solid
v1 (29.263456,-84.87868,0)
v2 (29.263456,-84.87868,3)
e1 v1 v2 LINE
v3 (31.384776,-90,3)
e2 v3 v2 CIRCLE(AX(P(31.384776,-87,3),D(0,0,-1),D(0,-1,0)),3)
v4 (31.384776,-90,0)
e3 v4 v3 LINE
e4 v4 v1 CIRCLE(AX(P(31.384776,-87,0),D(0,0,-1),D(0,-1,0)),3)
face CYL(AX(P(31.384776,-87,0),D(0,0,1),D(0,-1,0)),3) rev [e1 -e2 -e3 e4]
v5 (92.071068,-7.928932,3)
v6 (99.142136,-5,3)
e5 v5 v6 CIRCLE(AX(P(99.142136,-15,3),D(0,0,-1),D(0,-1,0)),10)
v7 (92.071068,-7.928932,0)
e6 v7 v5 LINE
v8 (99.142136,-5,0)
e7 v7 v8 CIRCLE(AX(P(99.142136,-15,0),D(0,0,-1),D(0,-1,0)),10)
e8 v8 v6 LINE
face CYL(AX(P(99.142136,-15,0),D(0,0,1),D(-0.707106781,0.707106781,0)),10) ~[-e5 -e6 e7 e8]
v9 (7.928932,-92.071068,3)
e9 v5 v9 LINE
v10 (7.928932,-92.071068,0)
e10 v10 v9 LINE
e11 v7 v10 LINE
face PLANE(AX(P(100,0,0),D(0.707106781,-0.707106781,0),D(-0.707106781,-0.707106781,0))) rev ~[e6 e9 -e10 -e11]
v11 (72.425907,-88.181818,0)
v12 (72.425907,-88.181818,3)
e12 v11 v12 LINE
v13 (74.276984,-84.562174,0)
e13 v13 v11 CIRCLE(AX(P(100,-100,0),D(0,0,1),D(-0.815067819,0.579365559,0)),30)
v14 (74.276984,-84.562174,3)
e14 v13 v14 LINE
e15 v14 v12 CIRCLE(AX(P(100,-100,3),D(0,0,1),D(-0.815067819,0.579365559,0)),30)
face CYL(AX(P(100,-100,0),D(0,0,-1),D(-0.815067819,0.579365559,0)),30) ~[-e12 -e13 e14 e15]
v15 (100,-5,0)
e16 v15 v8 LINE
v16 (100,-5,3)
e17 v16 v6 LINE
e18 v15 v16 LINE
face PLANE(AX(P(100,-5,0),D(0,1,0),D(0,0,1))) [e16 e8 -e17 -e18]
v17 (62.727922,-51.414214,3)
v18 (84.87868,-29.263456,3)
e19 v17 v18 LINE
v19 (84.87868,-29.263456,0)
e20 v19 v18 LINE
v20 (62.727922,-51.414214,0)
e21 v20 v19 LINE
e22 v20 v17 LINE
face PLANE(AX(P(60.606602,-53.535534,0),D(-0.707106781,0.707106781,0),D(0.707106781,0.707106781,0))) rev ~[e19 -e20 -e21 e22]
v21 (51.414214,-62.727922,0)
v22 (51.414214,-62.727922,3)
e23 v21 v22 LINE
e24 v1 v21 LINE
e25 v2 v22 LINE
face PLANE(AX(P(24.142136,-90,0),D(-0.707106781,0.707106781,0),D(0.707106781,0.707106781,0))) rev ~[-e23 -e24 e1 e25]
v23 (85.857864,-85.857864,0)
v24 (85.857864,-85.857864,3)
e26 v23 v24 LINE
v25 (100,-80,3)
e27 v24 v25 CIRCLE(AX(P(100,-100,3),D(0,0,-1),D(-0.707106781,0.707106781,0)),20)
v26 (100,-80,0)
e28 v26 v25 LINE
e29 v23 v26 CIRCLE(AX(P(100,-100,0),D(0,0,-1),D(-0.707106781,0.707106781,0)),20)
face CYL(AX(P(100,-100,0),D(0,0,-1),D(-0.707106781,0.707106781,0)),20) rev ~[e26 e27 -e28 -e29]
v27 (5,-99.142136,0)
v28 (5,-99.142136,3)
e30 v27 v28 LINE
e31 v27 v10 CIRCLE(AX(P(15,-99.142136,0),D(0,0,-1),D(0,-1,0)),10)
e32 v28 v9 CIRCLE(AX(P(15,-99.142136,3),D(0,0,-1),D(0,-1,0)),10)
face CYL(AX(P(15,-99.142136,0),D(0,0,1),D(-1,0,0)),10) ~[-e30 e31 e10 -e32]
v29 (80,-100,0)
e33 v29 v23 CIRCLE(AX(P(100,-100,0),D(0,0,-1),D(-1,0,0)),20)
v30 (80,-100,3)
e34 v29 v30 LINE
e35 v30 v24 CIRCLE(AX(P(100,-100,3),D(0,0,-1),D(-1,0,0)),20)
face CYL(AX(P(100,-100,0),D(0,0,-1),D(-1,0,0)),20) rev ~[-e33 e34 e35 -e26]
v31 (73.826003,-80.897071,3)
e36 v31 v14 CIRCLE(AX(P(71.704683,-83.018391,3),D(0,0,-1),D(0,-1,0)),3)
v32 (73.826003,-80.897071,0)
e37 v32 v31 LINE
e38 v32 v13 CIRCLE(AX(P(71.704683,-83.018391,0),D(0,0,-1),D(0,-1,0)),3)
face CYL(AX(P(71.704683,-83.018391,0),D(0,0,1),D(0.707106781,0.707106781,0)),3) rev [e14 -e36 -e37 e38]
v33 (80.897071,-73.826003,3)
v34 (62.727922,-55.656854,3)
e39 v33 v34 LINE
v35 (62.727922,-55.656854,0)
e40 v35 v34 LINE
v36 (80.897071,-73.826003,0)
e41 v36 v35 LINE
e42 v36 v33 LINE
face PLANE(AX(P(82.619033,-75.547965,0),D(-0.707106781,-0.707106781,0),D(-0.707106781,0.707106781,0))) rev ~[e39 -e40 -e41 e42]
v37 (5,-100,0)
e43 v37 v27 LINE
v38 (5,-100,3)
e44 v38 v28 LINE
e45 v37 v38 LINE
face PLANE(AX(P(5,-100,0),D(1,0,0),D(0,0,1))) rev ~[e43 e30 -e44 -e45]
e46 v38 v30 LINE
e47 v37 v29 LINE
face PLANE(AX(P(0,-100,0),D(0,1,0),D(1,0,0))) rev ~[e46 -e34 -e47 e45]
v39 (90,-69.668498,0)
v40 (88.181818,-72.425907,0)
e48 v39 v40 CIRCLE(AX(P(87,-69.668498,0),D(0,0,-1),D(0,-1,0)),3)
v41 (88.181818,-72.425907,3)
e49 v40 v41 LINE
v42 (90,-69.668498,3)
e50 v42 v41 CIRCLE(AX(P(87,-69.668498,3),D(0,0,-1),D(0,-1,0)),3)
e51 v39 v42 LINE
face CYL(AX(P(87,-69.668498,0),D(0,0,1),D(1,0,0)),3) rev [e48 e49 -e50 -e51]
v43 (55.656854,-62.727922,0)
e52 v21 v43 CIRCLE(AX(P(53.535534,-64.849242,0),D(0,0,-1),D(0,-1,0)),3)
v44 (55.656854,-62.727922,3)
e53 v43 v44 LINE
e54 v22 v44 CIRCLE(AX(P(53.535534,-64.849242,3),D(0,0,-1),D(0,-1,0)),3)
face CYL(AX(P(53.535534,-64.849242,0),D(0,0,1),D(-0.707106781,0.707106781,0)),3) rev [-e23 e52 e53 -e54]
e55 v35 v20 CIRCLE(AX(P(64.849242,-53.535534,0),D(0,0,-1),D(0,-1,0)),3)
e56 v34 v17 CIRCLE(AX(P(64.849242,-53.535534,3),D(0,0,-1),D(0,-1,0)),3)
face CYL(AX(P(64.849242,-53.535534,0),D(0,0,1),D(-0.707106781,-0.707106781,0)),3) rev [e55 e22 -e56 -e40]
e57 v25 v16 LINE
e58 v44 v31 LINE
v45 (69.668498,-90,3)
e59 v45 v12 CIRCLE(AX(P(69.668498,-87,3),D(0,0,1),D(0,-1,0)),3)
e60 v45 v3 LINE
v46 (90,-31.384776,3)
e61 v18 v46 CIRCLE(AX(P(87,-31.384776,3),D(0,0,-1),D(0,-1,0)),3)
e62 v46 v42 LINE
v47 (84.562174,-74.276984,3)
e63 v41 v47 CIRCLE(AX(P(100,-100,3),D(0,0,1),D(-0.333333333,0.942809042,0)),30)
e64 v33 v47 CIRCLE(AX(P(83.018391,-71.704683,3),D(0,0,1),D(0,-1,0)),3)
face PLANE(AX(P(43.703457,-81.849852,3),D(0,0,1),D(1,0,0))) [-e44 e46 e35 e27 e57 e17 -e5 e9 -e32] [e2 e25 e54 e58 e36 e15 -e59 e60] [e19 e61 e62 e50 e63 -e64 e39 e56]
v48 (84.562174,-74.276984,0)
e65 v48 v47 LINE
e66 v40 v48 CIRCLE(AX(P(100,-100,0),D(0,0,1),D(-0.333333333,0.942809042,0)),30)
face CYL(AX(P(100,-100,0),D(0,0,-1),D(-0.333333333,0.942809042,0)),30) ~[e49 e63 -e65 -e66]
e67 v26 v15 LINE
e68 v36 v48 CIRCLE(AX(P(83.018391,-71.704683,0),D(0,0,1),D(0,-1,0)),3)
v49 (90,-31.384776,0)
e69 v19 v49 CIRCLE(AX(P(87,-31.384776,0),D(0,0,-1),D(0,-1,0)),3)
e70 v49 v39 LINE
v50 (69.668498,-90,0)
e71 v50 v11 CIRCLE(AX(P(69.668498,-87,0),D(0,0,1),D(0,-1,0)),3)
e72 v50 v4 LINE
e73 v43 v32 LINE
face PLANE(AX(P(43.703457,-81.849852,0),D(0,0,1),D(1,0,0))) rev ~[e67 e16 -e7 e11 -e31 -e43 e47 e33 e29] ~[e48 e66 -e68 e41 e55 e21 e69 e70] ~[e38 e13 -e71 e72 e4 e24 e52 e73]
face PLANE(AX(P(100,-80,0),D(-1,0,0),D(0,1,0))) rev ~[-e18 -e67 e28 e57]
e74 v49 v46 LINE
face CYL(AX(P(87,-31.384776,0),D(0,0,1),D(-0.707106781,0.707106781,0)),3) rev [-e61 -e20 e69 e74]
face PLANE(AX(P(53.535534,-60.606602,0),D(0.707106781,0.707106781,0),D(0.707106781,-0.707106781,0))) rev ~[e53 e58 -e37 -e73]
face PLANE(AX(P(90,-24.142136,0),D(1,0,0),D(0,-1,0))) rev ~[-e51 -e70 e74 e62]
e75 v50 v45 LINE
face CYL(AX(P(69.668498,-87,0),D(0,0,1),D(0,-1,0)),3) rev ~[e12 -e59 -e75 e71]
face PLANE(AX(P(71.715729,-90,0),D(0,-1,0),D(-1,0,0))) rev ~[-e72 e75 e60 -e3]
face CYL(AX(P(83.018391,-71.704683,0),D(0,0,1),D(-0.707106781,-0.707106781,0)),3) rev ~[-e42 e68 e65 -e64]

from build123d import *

# Parameters (mm, degrees)
F1_DEPTH = 3
F2_R     = 3
F3_W     = 5
F3_H     = 3
F4_DEPTH = 25
F5_W     = 5
F5_H     = 3
F6_DEPTH = 25
F7_R     = 10


with BuildPart() as f1:
    # F0 (on Top) → F1 (new body)
    with BuildSketch(Plane.XY):
        with BuildLine():
            Line((50, -50), (0, -100))
            Line((0, -100), (70, -100))
            ThreePointArc((70, -100), (70.4320432104, -94.9269406382), (71.7157287525, -90))
            Line((71.7157287525, -90), (24.1421356237, -90))
            Line((24.1421356237, -90), (53.5355339059, -60.6066017178))
            Line((53.5355339059, -60.6066017178), (75.5479654307, -82.6190332426))
            ThreePointArc((75.5479654307, -82.6190332426), (77.0871215252, -80.635083269), (78.7867965644, -78.7867965644))
            Line((78.7867965644, -78.7867965644), (50, -50))
        make_face()
        with BuildLine():
            ThreePointArc((71.7157287525, -90), (70.4320432104, -94.9269406382), (70, -100))
            Line((70, -100), (80, -100))
            ThreePointArc((80, -100), (81.5224093498, -92.3463313527), (85.8578643763, -85.8578643763))
            Line((85.8578643763, -85.8578643763), (78.7867965644, -78.7867965644))
            ThreePointArc((78.7867965644, -78.7867965644), (77.0871215252, -80.635083269), (75.5479654307, -82.6190332426))
            ThreePointArc((75.5479654307, -82.6190332426), (73.3748398058, -86.1760770896), (71.7157287525, -90))
        make_face()
        with BuildLine():
            Line((100, -70), (100, 0))
            Line((100, 0), (50, -50))
            Line((50, -50), (78.7867965644, -78.7867965644))
            ThreePointArc((78.7867965644, -78.7867965644), (80.635083269, -77.0871215252), (82.6190332426, -75.5479654307))
            Line((82.6190332426, -75.5479654307), (60.6066017178, -53.5355339059))
            Line((60.6066017178, -53.5355339059), (90, -24.1421356237))
            Line((90, -24.1421356237), (90, -71.7157287525))
            ThreePointArc((90, -71.7157287525), (94.9269406382, -70.4320432104), (100, -70))
        make_face()
        with BuildLine():
            Line((100, -80), (100, -70))
            ThreePointArc((100, -70), (94.9269406382, -70.4320432104), (90, -71.7157287525))
            ThreePointArc((90, -71.7157287525), (86.1760770896, -73.3748398058), (82.6190332426, -75.5479654307))
            ThreePointArc((82.6190332426, -75.5479654307), (80.635083269, -77.0871215252), (78.7867965644, -78.7867965644))
            Line((78.7867965644, -78.7867965644), (85.8578643763, -85.8578643763))
            ThreePointArc((85.8578643763, -85.8578643763), (92.3463313527, -81.5224093498), (100, -80))
        make_face()
    extrude(amount=F1_DEPTH)

    # F2
    f2_edges = [f1.edges().sort_by_distance(p)[0] for p in [
        (24.142136, -90, 1.5),
        (53.535534, -60.606602, 1.5),
        (71.715729, -90, 1.5),
        (75.547965, -82.619033, 1.5),
        (60.606602, -53.535534, 1.5),
        (90, -71.715729, 1.5),
        (82.619033, -75.547965, 1.5),
        (90, -24.142136, 1.5),
    ]]
    fillet(f2_edges, radius=F2_R)

    # F3 (on face) → F4 (cut)
    with BuildSketch(Plane.XZ.offset(100)):
        with Locations((2.5, 1.5)):
            Rectangle(F3_W, F3_H)
    extrude(amount=-F4_DEPTH, mode=Mode.SUBTRACT)

    # F5 (on face) → F6 (cut)
    with BuildSketch(Plane.YZ.offset(100)):
        with Locations((-2.5, 1.5)):
            Rectangle(F5_W, F5_H)
    extrude(amount=-F6_DEPTH, mode=Mode.SUBTRACT)

    # F7
    f7_edges = [f1.edges().sort_by_distance(p)[0] for p in [
        (5, -95, 1.5),
        (95, -5, 1.5),
    ]]
    fillet(f7_edges, radius=F7_R)


solid = f1.part
